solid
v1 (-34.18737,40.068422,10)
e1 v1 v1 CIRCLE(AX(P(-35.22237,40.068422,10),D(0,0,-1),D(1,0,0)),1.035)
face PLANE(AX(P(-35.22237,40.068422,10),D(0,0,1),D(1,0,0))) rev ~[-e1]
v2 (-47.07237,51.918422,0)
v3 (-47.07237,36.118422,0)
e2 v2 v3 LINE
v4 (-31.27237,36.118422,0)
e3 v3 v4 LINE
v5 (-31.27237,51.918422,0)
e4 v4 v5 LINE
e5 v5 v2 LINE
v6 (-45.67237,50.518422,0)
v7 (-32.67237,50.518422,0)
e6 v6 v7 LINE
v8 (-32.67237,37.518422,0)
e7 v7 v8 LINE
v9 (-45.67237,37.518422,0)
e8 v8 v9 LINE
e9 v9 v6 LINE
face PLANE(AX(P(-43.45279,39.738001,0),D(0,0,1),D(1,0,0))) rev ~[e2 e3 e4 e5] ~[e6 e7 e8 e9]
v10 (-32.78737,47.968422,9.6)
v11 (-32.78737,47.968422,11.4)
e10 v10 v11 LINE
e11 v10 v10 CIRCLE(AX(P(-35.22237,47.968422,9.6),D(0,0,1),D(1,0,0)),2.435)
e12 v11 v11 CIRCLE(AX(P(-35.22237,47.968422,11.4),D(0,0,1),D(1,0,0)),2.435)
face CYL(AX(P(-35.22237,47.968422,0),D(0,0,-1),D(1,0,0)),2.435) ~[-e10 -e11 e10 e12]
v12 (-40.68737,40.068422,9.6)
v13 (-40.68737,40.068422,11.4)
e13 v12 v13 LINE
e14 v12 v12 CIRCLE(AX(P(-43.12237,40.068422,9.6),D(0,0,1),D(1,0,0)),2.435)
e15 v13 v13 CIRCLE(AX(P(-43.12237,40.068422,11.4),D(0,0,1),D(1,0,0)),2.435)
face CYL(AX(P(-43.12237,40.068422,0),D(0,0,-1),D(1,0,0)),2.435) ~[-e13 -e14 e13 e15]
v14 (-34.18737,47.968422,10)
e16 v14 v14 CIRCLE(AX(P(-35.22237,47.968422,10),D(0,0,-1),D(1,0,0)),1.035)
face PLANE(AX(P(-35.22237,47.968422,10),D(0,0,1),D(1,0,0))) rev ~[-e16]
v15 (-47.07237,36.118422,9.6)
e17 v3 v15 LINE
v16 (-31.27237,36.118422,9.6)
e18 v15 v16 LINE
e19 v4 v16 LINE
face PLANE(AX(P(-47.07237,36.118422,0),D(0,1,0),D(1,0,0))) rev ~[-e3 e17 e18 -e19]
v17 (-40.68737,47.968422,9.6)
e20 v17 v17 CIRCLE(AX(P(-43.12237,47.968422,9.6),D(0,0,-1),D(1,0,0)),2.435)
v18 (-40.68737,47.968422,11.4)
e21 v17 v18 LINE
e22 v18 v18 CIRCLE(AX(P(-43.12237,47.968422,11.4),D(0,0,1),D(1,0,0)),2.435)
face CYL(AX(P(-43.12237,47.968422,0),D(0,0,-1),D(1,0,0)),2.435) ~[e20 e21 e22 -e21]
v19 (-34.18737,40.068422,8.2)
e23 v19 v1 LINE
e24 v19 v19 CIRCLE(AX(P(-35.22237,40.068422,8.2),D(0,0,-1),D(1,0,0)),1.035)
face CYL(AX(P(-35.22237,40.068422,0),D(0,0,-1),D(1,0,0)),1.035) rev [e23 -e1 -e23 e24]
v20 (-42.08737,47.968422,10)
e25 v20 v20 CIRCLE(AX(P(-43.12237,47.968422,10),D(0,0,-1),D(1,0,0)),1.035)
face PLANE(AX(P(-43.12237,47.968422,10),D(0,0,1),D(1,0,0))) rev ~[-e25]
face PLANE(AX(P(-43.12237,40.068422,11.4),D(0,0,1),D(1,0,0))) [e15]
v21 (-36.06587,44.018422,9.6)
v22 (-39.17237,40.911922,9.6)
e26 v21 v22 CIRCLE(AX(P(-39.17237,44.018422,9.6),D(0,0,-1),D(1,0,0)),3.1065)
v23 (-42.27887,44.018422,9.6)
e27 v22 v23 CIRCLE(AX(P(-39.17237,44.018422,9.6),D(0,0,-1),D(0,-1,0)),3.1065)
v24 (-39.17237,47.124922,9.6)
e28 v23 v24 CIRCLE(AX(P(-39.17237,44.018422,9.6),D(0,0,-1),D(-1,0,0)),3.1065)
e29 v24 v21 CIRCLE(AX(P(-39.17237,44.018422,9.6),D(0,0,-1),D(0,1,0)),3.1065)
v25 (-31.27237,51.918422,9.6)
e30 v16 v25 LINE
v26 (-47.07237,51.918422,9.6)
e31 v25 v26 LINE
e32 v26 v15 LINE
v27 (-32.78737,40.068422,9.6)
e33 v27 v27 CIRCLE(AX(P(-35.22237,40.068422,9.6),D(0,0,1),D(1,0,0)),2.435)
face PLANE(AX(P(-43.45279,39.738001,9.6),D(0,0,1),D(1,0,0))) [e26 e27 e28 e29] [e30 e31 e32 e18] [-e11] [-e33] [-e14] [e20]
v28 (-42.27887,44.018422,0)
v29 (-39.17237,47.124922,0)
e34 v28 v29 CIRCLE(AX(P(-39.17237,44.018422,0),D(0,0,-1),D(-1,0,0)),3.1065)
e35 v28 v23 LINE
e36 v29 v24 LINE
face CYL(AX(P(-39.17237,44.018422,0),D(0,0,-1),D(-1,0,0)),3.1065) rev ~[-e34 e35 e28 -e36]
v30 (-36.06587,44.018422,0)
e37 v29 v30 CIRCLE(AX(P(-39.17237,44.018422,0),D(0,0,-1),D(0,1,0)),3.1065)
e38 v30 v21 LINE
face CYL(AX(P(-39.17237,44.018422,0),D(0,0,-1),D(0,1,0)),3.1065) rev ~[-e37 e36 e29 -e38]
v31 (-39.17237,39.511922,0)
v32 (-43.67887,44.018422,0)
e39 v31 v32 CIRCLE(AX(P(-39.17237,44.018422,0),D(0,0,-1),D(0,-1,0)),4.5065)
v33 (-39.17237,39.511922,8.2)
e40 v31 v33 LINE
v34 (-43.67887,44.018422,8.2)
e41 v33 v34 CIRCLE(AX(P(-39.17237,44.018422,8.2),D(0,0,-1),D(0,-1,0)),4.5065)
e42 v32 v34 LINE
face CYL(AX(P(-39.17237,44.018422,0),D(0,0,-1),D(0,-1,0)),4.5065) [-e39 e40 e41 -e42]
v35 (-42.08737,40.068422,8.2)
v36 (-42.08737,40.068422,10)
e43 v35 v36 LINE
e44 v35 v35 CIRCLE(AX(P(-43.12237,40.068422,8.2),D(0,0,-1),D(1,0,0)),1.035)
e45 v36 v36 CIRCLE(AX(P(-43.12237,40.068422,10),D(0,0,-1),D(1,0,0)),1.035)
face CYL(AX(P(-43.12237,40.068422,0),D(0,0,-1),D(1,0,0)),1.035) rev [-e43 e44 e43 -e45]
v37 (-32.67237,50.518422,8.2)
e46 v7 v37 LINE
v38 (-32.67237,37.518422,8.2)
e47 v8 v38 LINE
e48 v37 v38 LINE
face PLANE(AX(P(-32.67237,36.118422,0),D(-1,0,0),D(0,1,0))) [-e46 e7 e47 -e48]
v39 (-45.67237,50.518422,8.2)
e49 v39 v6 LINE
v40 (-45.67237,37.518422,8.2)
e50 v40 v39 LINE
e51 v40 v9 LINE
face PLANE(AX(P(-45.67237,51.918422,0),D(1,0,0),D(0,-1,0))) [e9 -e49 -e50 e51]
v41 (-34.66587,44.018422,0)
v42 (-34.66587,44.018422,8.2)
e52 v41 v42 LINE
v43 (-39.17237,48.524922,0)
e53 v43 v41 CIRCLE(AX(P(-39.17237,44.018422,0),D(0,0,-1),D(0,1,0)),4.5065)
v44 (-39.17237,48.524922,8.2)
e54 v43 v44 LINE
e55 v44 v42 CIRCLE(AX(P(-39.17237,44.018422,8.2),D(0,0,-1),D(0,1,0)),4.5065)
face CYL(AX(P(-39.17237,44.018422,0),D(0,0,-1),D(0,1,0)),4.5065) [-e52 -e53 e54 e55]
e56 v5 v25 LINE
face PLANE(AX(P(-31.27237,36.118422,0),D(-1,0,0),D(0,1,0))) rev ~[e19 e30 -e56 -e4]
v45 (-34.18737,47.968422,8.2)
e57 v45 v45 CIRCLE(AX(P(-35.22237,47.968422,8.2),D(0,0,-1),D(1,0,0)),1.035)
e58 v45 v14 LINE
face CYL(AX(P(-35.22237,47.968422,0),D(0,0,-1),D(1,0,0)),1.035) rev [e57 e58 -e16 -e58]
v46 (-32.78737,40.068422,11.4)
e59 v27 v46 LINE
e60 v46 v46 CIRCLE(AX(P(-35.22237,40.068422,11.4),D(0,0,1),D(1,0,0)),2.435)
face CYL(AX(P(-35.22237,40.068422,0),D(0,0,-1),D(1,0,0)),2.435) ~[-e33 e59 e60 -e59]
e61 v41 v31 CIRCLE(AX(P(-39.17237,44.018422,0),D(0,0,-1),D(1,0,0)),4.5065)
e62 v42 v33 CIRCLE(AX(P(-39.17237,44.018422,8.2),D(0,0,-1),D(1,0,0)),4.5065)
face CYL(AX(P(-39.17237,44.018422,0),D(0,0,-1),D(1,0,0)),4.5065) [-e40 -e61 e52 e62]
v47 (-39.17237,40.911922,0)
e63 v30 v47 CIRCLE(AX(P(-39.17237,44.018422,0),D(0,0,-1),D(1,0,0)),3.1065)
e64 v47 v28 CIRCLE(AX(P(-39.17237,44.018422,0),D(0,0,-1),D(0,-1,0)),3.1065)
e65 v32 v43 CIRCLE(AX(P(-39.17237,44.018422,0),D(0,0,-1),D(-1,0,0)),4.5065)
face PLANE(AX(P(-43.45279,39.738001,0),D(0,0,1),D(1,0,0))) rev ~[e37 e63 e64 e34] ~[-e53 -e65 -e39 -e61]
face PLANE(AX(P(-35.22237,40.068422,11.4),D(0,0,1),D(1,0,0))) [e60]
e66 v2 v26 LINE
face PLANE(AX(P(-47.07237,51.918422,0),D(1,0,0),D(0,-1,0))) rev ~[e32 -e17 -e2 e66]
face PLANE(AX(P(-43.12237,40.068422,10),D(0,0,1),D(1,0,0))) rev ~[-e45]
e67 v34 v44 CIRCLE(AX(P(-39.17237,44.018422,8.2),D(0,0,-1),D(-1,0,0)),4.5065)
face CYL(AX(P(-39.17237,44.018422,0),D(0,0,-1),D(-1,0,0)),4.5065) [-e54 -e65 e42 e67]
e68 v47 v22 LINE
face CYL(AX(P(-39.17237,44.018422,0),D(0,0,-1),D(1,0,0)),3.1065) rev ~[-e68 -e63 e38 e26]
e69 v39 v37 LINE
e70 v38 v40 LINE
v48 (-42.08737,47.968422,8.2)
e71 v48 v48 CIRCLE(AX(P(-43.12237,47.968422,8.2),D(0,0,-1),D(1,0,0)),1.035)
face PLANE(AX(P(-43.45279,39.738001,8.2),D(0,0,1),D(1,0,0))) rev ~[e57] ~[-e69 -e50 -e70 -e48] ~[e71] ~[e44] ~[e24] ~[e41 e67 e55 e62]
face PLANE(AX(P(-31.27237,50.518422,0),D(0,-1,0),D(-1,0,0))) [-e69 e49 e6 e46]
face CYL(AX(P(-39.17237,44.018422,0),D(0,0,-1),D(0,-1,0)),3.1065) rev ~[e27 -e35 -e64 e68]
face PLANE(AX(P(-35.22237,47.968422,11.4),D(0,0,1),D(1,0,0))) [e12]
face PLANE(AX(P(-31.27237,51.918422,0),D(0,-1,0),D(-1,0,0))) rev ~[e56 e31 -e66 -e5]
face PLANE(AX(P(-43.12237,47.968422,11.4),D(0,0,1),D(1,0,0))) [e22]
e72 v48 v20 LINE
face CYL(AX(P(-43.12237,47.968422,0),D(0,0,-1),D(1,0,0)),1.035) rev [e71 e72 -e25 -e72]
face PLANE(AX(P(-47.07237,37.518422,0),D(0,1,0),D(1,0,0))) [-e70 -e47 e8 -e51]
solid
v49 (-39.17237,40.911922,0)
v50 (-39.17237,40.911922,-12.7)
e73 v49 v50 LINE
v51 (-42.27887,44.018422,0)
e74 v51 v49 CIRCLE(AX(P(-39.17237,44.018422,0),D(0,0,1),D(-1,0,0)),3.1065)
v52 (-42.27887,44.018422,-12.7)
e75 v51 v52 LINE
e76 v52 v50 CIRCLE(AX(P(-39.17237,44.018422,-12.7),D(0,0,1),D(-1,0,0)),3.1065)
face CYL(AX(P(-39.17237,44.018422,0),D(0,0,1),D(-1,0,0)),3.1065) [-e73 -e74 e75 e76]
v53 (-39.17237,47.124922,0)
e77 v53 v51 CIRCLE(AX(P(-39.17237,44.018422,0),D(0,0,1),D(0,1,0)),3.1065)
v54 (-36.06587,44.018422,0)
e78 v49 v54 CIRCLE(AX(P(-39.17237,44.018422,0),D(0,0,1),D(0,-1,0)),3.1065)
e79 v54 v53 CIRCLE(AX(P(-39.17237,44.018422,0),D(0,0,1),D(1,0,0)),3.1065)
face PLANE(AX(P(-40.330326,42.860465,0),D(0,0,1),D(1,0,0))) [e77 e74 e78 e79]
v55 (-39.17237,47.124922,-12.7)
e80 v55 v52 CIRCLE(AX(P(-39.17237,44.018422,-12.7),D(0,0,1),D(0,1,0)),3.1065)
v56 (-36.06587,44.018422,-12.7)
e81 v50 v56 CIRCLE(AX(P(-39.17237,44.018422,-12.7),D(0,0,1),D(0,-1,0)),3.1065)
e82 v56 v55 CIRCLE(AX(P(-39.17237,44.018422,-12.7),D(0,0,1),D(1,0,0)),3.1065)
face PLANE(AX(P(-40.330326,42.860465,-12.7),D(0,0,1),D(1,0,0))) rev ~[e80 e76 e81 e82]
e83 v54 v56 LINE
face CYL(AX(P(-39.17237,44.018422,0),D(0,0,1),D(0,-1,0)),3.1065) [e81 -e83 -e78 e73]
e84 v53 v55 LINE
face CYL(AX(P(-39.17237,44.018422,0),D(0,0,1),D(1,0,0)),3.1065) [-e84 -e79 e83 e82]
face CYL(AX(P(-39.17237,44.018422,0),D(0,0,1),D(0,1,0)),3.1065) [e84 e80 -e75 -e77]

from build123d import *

# Parameters (mm, degrees)
F0_R     = 2.435
F1_DEPTH = 9.6
F2_DEPTH = 11.4
F3_T     = -1.4
F4_DEPTH = 12.7


with BuildPart() as f1:
    # F0 (on Top) → F1 (new body)
    with BuildSketch(Plane.XY):
        with BuildLine():
            Line((-47.0723696053, 44.0184217036), (-47.0723696053, 36.1184217036))
            Line((-47.0723696053, 36.1184217036), (-39.1723696053, 36.1184217036))
            Line((-39.1723696053, 36.1184217036), (-39.1723696053, 40.9119217036))
            ThreePointArc((-39.1723696053, 40.9119217036), (-41.3689968211, 41.8217944878), (-42.2788696053, 44.0184217036))
            Line((-42.2788696053, 44.0184217036), (-47.0723696053, 44.0184217036))
        make_face()
        with Locations((-43.1223696053, 40.0684217036)):
            Circle(F0_R, mode=Mode.SUBTRACT)
        with BuildLine():
            Line((-39.1723696053, 40.9119217036), (-39.1723696053, 36.1184217036))
            Line((-39.1723696053, 36.1184217036), (-31.2723696053, 36.1184217036))
            Line((-31.2723696053, 36.1184217036), (-31.2723696053, 44.0184217036))
            Line((-31.2723696053, 44.0184217036), (-36.0658696053, 44.0184217036))
            ThreePointArc((-36.0658696053, 44.0184217036), (-36.9757423895, 41.8217944878), (-39.1723696053, 40.9119217036))
        make_face()
        with Locations((-35.2223696053, 40.0684217036)):
            Circle(F0_R, mode=Mode.SUBTRACT)
        with BuildLine():
            Line((-47.0723696053, 51.9184217036), (-47.0723696053, 44.0184217036))
            Line((-47.0723696053, 44.0184217036), (-42.2788696053, 44.0184217036))
            ThreePointArc((-42.2788696053, 44.0184217036), (-41.3689968211, 46.2150489193), (-39.1723696053, 47.1249217036))
            Line((-39.1723696053, 47.1249217036), (-39.1723696053, 51.9184217036))
            Line((-39.1723696053, 51.9184217036), (-47.0723696053, 51.9184217036))
        make_face()
        with BuildLine():
            ThreePointArc((-45.5573696053, 47.9684217036), (-43.1223696053, 50.4034217036), (-40.6873696053, 47.9684217036))
            ThreePointArc((-40.6873696053, 47.9684217036), (-43.1223696053, 45.5334217036), (-45.5573696053, 47.9684217036))
        make_face(mode=Mode.SUBTRACT)
        with BuildLine():
            Line((-36.0658696053, 44.0184217036), (-31.2723696053, 44.0184217036))
            Line((-31.2723696053, 44.0184217036), (-31.2723696053, 51.9184217036))
            Line((-31.2723696053, 51.9184217036), (-39.1723696053, 51.9184217036))
            Line((-39.1723696053, 51.9184217036), (-39.1723696053, 47.1249217036))
            ThreePointArc((-39.1723696053, 47.1249217036), (-36.9757423895, 46.2150489193), (-36.0658696053, 44.0184217036))
        make_face()
        with Locations((-35.2223696053, 47.9684217036)):
            Circle(F0_R, mode=Mode.SUBTRACT)
    extrude(amount=F1_DEPTH)

    # F0 (on Top) → F2 (join)
    with BuildSketch(Plane.XY):
        with Locations((-35.2223696053, 40.0684217036)):
            Circle(F0_R)
        with Locations((-35.2223696053, 47.9684217036)):
            Circle(F0_R)
        with BuildLine():
            ThreePointArc((-45.5573696053, 47.9684217036), (-43.1223696053, 45.5334217036), (-40.6873696053, 47.9684217036))
            ThreePointArc((-40.6873696053, 47.9684217036), (-43.1223696053, 50.4034217036), (-45.5573696053, 47.9684217036))
        make_face()
        with Locations((-43.1223696053, 40.0684217036)):
            Circle(F0_R)
    extrude(amount=F2_DEPTH)

    # F3
    f3_openings = [f1.faces().sort_by_distance(p)[0] for p in [
        (-39.17237, 36.341867, 0),
    ]]
    offset(amount=F3_T, openings=f3_openings, kind=Kind.INTERSECTION)


with BuildPart() as f4:
    # F0 (on Top) → F4 (new body)
    with BuildSketch(Plane.XY):
        with BuildLine():
            ThreePointArc((-41.9788695872, 44.0184217036), (-41.1568647739, 42.033926535), (-39.1723696053, 41.2119217217))
            Line((-39.1723696053, 41.2119217217), (-39.1723696053, 44.0184217036))
            Line((-39.1723696053, 44.0184217036), (-41.9788695872, 44.0184217036))
        make_face()
        with BuildLine():
            ThreePointArc((-39.1723696053, 46.8249216855), (-41.1568647739, 46.0029168722), (-41.9788695872, 44.0184217036))
            Line((-41.9788695872, 44.0184217036), (-39.1723696053, 44.0184217036))
            Line((-39.1723696053, 44.0184217036), (-39.1723696053, 46.8249216855))
        make_face()
        with BuildLine():
            Line((-39.1723696053, 46.8249216855), (-39.1723696053, 44.0184217036))
            Line((-39.1723696053, 44.0184217036), (-36.3658696234, 44.0184217036))
            ThreePointArc((-36.3658696234, 44.0184217036), (-37.1878744367, 46.0029168722), (-39.1723696053, 46.8249216855))
        make_face()
        with BuildLine():
            Line((-39.1723696053, 44.0184217036), (-39.1723696053, 41.2119217217))
            ThreePointArc((-39.1723696053, 41.2119217217), (-37.1878744367, 42.033926535), (-36.3658696234, 44.0184217036))
            Line((-36.3658696234, 44.0184217036), (-39.1723696053, 44.0184217036))
        make_face()
        with BuildLine():
            ThreePointArc((-39.1723696053, 47.1249217036), (-41.3689968211, 46.2150489193), (-42.2788696053, 44.0184217036))
            Line((-42.2788696053, 44.0184217036), (-41.9788695872, 44.0184217036))
            ThreePointArc((-41.9788695872, 44.0184217036), (-41.1568647739, 46.0029168722), (-39.1723696053, 46.8249216855))
            Line((-39.1723696053, 46.8249216855), (-39.1723696053, 47.1249217036))
        make_face()
        with BuildLine():
            Line((-36.3658696234, 44.0184217036), (-36.0658696053, 44.0184217036))
            ThreePointArc((-36.0658696053, 44.0184217036), (-36.9757423895, 46.2150489193), (-39.1723696053, 47.1249217036))
            Line((-39.1723696053, 47.1249217036), (-39.1723696053, 46.8249216855))
            ThreePointArc((-39.1723696053, 46.8249216855), (-37.1878744367, 46.0029168722), (-36.3658696234, 44.0184217036))
        make_face()
        with BuildLine():
            Line((-39.1723696053, 41.2119217217), (-39.1723696053, 40.9119217036))
            ThreePointArc((-39.1723696053, 40.9119217036), (-36.9757423895, 41.8217944878), (-36.0658696053, 44.0184217036))
            Line((-36.0658696053, 44.0184217036), (-36.3658696234, 44.0184217036))
            ThreePointArc((-36.3658696234, 44.0184217036), (-37.1878744367, 42.033926535), (-39.1723696053, 41.2119217217))
        make_face()
        with BuildLine():
            ThreePointArc((-42.2788696053, 44.0184217036), (-41.3689968211, 41.8217944878), (-39.1723696053, 40.9119217036))
            Line((-39.1723696053, 40.9119217036), (-39.1723696053, 41.2119217217))
            ThreePointArc((-39.1723696053, 41.2119217217), (-41.1568647739, 42.033926535), (-41.9788695872, 44.0184217036))
            Line((-41.9788695872, 44.0184217036), (-42.2788696053, 44.0184217036))
        make_face()
    extrude(amount=-F4_DEPTH)


solid = Compound([f1.part, f4.part])
